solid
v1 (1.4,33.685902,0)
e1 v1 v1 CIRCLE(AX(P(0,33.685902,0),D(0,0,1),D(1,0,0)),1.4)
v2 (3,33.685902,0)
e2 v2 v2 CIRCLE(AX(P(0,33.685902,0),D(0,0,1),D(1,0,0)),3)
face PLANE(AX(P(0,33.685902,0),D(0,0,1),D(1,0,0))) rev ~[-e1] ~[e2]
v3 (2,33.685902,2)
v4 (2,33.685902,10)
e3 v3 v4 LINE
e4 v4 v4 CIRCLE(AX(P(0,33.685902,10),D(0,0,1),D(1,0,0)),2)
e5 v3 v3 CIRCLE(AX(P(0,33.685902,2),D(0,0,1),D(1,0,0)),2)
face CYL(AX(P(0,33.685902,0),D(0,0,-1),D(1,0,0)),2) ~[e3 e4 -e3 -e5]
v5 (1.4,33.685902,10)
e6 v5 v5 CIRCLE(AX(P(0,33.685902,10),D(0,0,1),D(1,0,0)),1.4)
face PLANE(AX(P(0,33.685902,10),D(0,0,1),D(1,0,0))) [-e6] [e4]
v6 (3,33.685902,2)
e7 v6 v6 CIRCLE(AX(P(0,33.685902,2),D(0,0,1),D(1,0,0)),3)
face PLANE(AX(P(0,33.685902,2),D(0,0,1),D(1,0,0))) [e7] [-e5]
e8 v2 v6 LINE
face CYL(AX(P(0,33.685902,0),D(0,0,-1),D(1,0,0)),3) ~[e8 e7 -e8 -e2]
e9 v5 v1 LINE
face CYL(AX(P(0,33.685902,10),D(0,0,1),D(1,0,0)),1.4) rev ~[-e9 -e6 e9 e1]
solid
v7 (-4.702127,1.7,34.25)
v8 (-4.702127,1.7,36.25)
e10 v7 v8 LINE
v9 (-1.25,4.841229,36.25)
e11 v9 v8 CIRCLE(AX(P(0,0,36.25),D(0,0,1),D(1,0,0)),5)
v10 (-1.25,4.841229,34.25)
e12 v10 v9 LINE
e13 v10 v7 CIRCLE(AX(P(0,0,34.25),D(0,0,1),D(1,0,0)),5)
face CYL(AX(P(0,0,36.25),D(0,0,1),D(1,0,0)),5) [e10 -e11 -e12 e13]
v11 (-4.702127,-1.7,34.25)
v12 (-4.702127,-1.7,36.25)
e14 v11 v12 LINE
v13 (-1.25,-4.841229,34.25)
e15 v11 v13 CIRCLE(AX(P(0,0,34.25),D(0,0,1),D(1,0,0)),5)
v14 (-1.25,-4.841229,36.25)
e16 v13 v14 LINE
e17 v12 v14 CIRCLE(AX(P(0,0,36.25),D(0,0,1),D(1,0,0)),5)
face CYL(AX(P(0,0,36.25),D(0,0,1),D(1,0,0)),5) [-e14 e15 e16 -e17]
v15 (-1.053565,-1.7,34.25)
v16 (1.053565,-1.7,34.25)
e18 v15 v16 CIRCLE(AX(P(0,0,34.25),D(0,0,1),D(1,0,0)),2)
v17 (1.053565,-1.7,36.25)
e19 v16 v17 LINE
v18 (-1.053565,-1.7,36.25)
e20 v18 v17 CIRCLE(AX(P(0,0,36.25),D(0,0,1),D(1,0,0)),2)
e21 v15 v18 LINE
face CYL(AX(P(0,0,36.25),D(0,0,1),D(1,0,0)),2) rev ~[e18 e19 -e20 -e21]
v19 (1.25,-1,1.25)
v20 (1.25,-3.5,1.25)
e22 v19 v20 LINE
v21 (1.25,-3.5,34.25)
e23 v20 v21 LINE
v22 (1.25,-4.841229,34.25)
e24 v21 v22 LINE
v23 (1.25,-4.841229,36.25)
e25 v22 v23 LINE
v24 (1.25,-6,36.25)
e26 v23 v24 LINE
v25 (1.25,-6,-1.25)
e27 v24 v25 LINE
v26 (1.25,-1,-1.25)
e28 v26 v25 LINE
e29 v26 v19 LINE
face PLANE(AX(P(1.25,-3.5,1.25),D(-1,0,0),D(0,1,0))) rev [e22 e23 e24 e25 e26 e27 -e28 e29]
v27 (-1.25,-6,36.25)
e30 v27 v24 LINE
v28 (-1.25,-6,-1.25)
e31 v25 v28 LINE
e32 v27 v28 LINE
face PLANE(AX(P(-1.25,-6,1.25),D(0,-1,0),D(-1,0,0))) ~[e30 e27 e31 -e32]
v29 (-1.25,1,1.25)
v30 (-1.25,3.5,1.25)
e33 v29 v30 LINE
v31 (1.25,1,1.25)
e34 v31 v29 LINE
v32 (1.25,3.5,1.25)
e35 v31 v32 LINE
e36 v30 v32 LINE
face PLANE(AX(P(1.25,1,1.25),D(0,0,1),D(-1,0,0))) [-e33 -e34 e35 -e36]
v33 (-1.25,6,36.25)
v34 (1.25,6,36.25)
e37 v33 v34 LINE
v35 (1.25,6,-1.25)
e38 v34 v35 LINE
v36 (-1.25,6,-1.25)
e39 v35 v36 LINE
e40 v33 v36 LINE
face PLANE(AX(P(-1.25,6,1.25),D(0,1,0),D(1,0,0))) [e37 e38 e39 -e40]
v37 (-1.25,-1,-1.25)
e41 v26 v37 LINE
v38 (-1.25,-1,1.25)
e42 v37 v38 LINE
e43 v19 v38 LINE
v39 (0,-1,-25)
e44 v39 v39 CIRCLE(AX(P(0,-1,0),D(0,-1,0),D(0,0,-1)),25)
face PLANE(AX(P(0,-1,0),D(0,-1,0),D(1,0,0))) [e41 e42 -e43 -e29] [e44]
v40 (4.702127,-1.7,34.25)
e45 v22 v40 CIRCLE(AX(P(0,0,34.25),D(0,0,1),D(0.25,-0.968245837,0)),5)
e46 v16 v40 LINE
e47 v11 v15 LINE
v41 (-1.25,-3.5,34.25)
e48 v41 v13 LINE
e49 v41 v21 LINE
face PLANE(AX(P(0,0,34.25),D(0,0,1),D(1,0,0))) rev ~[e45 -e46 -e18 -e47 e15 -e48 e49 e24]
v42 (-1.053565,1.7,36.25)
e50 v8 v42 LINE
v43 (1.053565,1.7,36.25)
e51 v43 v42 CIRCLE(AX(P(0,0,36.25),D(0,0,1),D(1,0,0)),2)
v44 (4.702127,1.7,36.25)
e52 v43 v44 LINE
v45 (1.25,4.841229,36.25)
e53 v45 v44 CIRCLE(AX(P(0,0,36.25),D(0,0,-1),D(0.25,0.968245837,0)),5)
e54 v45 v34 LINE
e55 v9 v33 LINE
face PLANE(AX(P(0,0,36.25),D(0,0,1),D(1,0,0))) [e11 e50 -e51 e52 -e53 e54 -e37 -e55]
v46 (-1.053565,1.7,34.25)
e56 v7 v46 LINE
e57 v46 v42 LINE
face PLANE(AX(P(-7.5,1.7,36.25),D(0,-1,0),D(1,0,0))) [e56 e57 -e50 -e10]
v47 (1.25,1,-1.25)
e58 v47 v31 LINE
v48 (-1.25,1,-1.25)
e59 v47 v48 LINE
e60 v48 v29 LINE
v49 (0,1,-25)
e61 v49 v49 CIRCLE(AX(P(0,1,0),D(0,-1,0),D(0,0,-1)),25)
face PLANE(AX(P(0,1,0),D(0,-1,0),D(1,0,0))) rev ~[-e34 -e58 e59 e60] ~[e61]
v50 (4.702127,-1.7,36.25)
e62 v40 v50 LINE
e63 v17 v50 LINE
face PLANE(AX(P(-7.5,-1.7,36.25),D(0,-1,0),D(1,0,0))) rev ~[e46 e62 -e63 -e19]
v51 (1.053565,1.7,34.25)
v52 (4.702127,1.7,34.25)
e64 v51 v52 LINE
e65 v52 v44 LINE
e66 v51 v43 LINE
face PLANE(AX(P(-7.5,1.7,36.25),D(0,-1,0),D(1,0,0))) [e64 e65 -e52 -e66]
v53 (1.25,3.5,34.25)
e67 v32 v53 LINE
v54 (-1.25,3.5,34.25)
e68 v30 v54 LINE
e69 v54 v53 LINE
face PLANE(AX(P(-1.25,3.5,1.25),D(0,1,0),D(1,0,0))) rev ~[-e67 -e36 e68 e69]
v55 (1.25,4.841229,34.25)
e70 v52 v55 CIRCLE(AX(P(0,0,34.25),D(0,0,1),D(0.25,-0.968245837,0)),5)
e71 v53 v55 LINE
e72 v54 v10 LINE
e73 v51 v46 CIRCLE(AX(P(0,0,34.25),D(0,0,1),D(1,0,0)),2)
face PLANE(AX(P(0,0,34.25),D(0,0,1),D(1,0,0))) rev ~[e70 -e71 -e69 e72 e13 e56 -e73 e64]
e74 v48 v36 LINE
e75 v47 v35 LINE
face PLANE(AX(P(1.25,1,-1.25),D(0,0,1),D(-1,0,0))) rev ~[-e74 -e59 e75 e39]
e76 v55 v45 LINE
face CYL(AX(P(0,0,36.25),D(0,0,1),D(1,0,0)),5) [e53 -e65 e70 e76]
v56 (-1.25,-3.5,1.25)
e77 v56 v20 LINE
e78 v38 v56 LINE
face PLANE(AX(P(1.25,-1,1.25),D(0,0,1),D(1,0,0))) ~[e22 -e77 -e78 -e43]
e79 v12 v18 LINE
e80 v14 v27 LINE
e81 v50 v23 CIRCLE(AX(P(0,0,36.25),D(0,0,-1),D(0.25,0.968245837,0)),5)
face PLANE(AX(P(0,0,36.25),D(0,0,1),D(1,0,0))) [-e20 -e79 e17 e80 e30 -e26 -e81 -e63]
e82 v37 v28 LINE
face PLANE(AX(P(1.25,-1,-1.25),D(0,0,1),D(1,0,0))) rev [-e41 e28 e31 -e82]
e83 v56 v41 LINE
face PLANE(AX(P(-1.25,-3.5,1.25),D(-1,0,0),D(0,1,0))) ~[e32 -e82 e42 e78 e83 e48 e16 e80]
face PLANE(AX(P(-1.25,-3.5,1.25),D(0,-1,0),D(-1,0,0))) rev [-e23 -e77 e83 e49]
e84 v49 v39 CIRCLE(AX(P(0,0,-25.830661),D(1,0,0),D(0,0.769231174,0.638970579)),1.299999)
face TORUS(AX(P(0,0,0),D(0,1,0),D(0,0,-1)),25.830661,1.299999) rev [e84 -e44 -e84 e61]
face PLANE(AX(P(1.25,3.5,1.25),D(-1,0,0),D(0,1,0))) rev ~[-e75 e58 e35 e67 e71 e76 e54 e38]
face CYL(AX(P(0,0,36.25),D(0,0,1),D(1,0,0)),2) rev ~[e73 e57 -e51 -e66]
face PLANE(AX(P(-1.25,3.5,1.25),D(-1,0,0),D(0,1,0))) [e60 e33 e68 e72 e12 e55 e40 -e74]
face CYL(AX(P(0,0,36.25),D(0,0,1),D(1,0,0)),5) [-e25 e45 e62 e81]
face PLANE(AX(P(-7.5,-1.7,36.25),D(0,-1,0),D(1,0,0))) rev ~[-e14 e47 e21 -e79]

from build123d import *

# Parameters (mm, degrees)
F0_R      = 25
F1_DEPTH  = 1
F4_W      = 2.5
F4_H      = 2.5
F5_DEPTH  = 5
F6_W      = 2.5
F6_H      = 2.5
F7_DEPTH  = 35
F9_R      = 5
F9_R_2    = 2
F10_DEPTH = 2
F11_R     = 2
F12_DEPTH = 10
F11_R_2   = 3
F13_DEPTH = 2
F14_R     = 1.4
F15_DEPTH = 35.001
F16_W     = 15
F16_H     = 3.4
F17_DEPTH = 5


with BuildPart() as f1:
    # F0 (on Front) → F1 (new body, symmetric)
    with BuildSketch(Plane.XZ):
        Circle(F0_R)
    extrude(amount=F1_DEPTH, both=True)

    # F2 (on Right) → F3 (revolve, cut)
    with BuildSketch(Plane.YZ):
        with BuildLine():
            Line((-1, -25), (1, -25))
            ThreePointArc((1, -25), (0, -24.530662), (-1, -25))
        make_face()
    revolve(axis=Axis((0, -0.215719, 0), (0, -1, 0)), mode=Mode.SUBTRACT)

    # F4 (on face) → F5 (join)
    with BuildSketch(Plane(origin=(0, 1, 0), x_dir=(-1, 0, 0), z_dir=(0, 1, 0))):
        Rectangle(F4_W, F4_H)
    extrude(amount=F5_DEPTH)

    # F6 (on face) → F7 (join)
    with BuildSketch(Plane.XY.offset(1.25)):
        with Locations((0, 4.75)):
            Rectangle(F6_W, F6_H)
    extrude(amount=F7_DEPTH)

    # F8: F1 across plane


with BuildPart() as f1_1:
    add(f1.part)
    add(f1.part.mirror(Plane.XZ))

    # F9 (on face) → F10 (join)
    with BuildSketch(Plane.XY.offset(36.25)):
        Circle(F9_R)
        Circle(F9_R_2, mode=Mode.SUBTRACT)
    extrude(amount=-F10_DEPTH)

    # F16 (on face) → F17 (cut)
    with BuildSketch(Plane.XY.offset(36.25)):
        Rectangle(F16_W, F16_H)
    extrude(amount=-F17_DEPTH, mode=Mode.SUBTRACT)


with BuildPart() as f12:
    # F11 (on Top) → F12 (new body)
    with BuildSketch(Plane.XY):
        with Locations((0, 33.685902)):
            Circle(F11_R)
    extrude(amount=F12_DEPTH)

    # F11 (on Top) → F13 (join)
    with BuildSketch(Plane.XY):
        with Locations((0, 33.685902)):
            Circle(F11_R_2)
        with Locations((0, 33.685902)):
            Circle(F11_R, mode=Mode.SUBTRACT)
    extrude(amount=F13_DEPTH)

    # F14 (on face) → F15 (cut, through all)
    with BuildSketch(Plane.XY.offset(10)):
        with Locations((0, 33.685902)):
            Circle(F14_R)
    extrude(amount=-F15_DEPTH, mode=Mode.SUBTRACT)


solid = Compound([f1_1.part, f12.part])
